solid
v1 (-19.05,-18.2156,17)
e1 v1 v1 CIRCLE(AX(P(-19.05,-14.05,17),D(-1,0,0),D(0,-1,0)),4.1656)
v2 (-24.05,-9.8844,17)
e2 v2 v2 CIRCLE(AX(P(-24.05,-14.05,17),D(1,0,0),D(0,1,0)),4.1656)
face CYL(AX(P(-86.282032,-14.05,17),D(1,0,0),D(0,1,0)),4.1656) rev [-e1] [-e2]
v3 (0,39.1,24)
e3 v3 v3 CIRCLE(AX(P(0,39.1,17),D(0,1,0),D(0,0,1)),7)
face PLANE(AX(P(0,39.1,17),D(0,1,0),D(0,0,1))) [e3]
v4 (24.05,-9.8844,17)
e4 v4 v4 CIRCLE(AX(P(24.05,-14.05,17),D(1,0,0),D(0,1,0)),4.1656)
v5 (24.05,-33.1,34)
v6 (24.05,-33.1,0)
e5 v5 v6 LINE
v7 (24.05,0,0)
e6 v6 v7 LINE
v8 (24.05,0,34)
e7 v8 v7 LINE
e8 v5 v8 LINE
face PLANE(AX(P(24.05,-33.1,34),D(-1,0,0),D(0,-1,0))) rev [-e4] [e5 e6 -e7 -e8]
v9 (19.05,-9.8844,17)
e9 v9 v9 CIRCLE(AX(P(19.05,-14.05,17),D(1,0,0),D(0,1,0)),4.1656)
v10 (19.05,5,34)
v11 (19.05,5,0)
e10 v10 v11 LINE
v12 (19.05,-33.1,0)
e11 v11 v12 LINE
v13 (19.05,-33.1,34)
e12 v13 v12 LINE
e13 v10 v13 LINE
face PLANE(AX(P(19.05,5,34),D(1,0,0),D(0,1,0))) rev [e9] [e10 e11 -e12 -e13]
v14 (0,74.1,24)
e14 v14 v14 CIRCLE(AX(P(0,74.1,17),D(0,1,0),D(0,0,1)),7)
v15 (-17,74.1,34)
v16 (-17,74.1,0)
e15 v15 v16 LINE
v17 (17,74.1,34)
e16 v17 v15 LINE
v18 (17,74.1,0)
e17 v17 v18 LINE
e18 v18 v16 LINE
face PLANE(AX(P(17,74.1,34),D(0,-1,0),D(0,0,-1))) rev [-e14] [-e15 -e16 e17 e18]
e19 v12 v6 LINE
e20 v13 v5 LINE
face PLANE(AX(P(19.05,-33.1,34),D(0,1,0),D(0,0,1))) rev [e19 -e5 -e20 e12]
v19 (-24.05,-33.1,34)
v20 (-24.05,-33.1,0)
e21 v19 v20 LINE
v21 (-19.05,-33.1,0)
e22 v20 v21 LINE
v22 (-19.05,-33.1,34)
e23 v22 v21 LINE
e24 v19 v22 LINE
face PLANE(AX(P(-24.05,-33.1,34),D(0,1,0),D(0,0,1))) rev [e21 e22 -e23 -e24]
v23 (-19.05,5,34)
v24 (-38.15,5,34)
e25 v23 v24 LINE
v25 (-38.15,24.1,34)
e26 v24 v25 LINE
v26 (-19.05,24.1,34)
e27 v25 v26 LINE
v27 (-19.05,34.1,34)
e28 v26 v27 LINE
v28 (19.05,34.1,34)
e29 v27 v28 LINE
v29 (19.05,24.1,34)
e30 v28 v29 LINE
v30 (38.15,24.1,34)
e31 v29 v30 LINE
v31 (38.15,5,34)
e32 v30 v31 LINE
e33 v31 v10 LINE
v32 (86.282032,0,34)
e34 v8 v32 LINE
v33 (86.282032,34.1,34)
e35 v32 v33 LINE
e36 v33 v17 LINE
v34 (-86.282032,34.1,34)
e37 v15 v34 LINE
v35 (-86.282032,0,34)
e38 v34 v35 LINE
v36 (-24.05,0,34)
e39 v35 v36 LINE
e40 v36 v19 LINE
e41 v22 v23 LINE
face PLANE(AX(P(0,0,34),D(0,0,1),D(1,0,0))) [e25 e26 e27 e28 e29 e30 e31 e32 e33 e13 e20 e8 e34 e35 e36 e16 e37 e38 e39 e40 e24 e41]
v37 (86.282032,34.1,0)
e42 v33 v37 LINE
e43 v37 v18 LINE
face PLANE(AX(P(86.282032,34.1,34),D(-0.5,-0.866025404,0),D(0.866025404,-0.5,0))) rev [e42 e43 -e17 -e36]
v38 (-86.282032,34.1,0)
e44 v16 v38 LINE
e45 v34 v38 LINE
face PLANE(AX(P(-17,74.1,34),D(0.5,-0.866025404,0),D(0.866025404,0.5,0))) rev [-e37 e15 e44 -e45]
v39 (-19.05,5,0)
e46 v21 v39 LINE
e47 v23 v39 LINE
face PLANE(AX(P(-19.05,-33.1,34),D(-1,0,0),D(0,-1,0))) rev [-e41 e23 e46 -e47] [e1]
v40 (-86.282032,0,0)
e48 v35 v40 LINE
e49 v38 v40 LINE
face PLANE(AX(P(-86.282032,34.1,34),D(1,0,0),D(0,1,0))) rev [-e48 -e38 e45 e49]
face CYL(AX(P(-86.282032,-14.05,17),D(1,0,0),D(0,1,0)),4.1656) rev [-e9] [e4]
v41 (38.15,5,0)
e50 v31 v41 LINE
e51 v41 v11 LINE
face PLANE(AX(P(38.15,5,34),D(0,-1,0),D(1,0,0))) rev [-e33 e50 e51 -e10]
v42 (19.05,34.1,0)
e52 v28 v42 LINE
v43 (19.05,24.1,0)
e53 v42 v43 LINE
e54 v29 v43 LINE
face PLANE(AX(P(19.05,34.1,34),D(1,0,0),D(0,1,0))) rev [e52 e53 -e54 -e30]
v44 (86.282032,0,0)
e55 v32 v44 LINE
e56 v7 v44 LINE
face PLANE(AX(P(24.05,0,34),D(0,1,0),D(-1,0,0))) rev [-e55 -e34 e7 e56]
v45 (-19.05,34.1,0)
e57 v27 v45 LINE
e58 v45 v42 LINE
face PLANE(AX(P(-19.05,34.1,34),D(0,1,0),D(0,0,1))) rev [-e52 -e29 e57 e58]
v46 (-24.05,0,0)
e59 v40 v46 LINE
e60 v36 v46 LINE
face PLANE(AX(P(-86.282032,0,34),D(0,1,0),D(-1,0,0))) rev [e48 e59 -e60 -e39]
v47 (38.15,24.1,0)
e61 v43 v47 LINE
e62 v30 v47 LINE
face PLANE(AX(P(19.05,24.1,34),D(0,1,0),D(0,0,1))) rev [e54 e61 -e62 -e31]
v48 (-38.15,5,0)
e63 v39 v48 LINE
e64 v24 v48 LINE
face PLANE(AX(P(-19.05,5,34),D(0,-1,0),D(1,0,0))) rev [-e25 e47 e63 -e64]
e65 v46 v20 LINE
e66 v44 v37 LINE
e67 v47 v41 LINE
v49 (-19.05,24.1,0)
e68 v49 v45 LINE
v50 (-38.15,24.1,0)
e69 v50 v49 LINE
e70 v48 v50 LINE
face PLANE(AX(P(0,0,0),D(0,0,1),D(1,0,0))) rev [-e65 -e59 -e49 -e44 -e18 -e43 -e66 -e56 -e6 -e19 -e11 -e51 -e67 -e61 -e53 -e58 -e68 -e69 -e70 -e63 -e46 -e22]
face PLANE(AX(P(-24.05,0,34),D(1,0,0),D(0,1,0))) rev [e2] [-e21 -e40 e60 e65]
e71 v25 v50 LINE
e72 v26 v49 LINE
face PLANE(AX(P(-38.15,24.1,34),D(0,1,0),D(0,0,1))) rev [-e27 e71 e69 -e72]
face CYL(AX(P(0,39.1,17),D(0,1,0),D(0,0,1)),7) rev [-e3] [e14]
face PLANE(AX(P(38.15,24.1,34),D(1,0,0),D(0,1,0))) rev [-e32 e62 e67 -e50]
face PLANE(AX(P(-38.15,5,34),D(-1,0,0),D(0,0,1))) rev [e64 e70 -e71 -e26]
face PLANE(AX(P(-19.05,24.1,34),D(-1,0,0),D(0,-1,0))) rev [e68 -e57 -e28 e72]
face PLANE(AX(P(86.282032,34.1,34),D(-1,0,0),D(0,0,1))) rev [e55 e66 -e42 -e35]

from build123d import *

# Parameters (mm, degrees)
BOSS_EXTRUDE1_DEPTH = 34
SKETCH2_R           = 7
CUT_EXTRUDE1_DEPTH  = 35
SKETCH3_R           = 4.1656
CUT_EXTRUDE2_DEPTH  = 138.185886126


with BuildPart() as part:
    # Sketch1 → Boss-Extrude1 (new body)
    with BuildSketch(Plane.XY):
        Polygon((-86.282032303, 0), (-24.05, 0), (-24.05, -33.1), (-19.05, -33.1), (-19.05, 5), (-38.15, 5), (-38.15, 24.1), (-19.05, 24.1), (-19.05, 34.1), (19.05, 34.1), (19.05, 24.1), (38.15, 24.1), (38.15, 5), (19.05, 5), (19.05, -33.1), (24.05, -33.1), (24.05, 0), (86.282032303, 0), (86.282032303, 34.1), (17, 74.1), (-17, 74.1), (-86.282032303, 34.1), align=None)
    extrude(amount=BOSS_EXTRUDE1_DEPTH)

    # Sketch2 → Cut-Extrude1 (cut)
    with BuildSketch(Plane(origin=(0, 74.1, 0), x_dir=(1, 0, 0), z_dir=(0, 1, 0))):
        with Locations(Location((0, -17, 0), (0, 0, 270))):
            Circle(SKETCH2_R)
    extrude(amount=-CUT_EXTRUDE1_DEPTH, mode=Mode.SUBTRACT)

    # Sketch3 → Cut-Extrude2 (cut, through all)
    with BuildSketch(Plane(origin=(24.05, 0, 0), x_dir=(0, 0, -1), z_dir=(1, 0, 0))):
        with Locations(Location((-17, -14.05, 0), (0, 0, 90))):
            Circle(SKETCH3_R)
    extrude(amount=-CUT_EXTRUDE2_DEPTH, mode=Mode.SUBTRACT)


solid = part.part
